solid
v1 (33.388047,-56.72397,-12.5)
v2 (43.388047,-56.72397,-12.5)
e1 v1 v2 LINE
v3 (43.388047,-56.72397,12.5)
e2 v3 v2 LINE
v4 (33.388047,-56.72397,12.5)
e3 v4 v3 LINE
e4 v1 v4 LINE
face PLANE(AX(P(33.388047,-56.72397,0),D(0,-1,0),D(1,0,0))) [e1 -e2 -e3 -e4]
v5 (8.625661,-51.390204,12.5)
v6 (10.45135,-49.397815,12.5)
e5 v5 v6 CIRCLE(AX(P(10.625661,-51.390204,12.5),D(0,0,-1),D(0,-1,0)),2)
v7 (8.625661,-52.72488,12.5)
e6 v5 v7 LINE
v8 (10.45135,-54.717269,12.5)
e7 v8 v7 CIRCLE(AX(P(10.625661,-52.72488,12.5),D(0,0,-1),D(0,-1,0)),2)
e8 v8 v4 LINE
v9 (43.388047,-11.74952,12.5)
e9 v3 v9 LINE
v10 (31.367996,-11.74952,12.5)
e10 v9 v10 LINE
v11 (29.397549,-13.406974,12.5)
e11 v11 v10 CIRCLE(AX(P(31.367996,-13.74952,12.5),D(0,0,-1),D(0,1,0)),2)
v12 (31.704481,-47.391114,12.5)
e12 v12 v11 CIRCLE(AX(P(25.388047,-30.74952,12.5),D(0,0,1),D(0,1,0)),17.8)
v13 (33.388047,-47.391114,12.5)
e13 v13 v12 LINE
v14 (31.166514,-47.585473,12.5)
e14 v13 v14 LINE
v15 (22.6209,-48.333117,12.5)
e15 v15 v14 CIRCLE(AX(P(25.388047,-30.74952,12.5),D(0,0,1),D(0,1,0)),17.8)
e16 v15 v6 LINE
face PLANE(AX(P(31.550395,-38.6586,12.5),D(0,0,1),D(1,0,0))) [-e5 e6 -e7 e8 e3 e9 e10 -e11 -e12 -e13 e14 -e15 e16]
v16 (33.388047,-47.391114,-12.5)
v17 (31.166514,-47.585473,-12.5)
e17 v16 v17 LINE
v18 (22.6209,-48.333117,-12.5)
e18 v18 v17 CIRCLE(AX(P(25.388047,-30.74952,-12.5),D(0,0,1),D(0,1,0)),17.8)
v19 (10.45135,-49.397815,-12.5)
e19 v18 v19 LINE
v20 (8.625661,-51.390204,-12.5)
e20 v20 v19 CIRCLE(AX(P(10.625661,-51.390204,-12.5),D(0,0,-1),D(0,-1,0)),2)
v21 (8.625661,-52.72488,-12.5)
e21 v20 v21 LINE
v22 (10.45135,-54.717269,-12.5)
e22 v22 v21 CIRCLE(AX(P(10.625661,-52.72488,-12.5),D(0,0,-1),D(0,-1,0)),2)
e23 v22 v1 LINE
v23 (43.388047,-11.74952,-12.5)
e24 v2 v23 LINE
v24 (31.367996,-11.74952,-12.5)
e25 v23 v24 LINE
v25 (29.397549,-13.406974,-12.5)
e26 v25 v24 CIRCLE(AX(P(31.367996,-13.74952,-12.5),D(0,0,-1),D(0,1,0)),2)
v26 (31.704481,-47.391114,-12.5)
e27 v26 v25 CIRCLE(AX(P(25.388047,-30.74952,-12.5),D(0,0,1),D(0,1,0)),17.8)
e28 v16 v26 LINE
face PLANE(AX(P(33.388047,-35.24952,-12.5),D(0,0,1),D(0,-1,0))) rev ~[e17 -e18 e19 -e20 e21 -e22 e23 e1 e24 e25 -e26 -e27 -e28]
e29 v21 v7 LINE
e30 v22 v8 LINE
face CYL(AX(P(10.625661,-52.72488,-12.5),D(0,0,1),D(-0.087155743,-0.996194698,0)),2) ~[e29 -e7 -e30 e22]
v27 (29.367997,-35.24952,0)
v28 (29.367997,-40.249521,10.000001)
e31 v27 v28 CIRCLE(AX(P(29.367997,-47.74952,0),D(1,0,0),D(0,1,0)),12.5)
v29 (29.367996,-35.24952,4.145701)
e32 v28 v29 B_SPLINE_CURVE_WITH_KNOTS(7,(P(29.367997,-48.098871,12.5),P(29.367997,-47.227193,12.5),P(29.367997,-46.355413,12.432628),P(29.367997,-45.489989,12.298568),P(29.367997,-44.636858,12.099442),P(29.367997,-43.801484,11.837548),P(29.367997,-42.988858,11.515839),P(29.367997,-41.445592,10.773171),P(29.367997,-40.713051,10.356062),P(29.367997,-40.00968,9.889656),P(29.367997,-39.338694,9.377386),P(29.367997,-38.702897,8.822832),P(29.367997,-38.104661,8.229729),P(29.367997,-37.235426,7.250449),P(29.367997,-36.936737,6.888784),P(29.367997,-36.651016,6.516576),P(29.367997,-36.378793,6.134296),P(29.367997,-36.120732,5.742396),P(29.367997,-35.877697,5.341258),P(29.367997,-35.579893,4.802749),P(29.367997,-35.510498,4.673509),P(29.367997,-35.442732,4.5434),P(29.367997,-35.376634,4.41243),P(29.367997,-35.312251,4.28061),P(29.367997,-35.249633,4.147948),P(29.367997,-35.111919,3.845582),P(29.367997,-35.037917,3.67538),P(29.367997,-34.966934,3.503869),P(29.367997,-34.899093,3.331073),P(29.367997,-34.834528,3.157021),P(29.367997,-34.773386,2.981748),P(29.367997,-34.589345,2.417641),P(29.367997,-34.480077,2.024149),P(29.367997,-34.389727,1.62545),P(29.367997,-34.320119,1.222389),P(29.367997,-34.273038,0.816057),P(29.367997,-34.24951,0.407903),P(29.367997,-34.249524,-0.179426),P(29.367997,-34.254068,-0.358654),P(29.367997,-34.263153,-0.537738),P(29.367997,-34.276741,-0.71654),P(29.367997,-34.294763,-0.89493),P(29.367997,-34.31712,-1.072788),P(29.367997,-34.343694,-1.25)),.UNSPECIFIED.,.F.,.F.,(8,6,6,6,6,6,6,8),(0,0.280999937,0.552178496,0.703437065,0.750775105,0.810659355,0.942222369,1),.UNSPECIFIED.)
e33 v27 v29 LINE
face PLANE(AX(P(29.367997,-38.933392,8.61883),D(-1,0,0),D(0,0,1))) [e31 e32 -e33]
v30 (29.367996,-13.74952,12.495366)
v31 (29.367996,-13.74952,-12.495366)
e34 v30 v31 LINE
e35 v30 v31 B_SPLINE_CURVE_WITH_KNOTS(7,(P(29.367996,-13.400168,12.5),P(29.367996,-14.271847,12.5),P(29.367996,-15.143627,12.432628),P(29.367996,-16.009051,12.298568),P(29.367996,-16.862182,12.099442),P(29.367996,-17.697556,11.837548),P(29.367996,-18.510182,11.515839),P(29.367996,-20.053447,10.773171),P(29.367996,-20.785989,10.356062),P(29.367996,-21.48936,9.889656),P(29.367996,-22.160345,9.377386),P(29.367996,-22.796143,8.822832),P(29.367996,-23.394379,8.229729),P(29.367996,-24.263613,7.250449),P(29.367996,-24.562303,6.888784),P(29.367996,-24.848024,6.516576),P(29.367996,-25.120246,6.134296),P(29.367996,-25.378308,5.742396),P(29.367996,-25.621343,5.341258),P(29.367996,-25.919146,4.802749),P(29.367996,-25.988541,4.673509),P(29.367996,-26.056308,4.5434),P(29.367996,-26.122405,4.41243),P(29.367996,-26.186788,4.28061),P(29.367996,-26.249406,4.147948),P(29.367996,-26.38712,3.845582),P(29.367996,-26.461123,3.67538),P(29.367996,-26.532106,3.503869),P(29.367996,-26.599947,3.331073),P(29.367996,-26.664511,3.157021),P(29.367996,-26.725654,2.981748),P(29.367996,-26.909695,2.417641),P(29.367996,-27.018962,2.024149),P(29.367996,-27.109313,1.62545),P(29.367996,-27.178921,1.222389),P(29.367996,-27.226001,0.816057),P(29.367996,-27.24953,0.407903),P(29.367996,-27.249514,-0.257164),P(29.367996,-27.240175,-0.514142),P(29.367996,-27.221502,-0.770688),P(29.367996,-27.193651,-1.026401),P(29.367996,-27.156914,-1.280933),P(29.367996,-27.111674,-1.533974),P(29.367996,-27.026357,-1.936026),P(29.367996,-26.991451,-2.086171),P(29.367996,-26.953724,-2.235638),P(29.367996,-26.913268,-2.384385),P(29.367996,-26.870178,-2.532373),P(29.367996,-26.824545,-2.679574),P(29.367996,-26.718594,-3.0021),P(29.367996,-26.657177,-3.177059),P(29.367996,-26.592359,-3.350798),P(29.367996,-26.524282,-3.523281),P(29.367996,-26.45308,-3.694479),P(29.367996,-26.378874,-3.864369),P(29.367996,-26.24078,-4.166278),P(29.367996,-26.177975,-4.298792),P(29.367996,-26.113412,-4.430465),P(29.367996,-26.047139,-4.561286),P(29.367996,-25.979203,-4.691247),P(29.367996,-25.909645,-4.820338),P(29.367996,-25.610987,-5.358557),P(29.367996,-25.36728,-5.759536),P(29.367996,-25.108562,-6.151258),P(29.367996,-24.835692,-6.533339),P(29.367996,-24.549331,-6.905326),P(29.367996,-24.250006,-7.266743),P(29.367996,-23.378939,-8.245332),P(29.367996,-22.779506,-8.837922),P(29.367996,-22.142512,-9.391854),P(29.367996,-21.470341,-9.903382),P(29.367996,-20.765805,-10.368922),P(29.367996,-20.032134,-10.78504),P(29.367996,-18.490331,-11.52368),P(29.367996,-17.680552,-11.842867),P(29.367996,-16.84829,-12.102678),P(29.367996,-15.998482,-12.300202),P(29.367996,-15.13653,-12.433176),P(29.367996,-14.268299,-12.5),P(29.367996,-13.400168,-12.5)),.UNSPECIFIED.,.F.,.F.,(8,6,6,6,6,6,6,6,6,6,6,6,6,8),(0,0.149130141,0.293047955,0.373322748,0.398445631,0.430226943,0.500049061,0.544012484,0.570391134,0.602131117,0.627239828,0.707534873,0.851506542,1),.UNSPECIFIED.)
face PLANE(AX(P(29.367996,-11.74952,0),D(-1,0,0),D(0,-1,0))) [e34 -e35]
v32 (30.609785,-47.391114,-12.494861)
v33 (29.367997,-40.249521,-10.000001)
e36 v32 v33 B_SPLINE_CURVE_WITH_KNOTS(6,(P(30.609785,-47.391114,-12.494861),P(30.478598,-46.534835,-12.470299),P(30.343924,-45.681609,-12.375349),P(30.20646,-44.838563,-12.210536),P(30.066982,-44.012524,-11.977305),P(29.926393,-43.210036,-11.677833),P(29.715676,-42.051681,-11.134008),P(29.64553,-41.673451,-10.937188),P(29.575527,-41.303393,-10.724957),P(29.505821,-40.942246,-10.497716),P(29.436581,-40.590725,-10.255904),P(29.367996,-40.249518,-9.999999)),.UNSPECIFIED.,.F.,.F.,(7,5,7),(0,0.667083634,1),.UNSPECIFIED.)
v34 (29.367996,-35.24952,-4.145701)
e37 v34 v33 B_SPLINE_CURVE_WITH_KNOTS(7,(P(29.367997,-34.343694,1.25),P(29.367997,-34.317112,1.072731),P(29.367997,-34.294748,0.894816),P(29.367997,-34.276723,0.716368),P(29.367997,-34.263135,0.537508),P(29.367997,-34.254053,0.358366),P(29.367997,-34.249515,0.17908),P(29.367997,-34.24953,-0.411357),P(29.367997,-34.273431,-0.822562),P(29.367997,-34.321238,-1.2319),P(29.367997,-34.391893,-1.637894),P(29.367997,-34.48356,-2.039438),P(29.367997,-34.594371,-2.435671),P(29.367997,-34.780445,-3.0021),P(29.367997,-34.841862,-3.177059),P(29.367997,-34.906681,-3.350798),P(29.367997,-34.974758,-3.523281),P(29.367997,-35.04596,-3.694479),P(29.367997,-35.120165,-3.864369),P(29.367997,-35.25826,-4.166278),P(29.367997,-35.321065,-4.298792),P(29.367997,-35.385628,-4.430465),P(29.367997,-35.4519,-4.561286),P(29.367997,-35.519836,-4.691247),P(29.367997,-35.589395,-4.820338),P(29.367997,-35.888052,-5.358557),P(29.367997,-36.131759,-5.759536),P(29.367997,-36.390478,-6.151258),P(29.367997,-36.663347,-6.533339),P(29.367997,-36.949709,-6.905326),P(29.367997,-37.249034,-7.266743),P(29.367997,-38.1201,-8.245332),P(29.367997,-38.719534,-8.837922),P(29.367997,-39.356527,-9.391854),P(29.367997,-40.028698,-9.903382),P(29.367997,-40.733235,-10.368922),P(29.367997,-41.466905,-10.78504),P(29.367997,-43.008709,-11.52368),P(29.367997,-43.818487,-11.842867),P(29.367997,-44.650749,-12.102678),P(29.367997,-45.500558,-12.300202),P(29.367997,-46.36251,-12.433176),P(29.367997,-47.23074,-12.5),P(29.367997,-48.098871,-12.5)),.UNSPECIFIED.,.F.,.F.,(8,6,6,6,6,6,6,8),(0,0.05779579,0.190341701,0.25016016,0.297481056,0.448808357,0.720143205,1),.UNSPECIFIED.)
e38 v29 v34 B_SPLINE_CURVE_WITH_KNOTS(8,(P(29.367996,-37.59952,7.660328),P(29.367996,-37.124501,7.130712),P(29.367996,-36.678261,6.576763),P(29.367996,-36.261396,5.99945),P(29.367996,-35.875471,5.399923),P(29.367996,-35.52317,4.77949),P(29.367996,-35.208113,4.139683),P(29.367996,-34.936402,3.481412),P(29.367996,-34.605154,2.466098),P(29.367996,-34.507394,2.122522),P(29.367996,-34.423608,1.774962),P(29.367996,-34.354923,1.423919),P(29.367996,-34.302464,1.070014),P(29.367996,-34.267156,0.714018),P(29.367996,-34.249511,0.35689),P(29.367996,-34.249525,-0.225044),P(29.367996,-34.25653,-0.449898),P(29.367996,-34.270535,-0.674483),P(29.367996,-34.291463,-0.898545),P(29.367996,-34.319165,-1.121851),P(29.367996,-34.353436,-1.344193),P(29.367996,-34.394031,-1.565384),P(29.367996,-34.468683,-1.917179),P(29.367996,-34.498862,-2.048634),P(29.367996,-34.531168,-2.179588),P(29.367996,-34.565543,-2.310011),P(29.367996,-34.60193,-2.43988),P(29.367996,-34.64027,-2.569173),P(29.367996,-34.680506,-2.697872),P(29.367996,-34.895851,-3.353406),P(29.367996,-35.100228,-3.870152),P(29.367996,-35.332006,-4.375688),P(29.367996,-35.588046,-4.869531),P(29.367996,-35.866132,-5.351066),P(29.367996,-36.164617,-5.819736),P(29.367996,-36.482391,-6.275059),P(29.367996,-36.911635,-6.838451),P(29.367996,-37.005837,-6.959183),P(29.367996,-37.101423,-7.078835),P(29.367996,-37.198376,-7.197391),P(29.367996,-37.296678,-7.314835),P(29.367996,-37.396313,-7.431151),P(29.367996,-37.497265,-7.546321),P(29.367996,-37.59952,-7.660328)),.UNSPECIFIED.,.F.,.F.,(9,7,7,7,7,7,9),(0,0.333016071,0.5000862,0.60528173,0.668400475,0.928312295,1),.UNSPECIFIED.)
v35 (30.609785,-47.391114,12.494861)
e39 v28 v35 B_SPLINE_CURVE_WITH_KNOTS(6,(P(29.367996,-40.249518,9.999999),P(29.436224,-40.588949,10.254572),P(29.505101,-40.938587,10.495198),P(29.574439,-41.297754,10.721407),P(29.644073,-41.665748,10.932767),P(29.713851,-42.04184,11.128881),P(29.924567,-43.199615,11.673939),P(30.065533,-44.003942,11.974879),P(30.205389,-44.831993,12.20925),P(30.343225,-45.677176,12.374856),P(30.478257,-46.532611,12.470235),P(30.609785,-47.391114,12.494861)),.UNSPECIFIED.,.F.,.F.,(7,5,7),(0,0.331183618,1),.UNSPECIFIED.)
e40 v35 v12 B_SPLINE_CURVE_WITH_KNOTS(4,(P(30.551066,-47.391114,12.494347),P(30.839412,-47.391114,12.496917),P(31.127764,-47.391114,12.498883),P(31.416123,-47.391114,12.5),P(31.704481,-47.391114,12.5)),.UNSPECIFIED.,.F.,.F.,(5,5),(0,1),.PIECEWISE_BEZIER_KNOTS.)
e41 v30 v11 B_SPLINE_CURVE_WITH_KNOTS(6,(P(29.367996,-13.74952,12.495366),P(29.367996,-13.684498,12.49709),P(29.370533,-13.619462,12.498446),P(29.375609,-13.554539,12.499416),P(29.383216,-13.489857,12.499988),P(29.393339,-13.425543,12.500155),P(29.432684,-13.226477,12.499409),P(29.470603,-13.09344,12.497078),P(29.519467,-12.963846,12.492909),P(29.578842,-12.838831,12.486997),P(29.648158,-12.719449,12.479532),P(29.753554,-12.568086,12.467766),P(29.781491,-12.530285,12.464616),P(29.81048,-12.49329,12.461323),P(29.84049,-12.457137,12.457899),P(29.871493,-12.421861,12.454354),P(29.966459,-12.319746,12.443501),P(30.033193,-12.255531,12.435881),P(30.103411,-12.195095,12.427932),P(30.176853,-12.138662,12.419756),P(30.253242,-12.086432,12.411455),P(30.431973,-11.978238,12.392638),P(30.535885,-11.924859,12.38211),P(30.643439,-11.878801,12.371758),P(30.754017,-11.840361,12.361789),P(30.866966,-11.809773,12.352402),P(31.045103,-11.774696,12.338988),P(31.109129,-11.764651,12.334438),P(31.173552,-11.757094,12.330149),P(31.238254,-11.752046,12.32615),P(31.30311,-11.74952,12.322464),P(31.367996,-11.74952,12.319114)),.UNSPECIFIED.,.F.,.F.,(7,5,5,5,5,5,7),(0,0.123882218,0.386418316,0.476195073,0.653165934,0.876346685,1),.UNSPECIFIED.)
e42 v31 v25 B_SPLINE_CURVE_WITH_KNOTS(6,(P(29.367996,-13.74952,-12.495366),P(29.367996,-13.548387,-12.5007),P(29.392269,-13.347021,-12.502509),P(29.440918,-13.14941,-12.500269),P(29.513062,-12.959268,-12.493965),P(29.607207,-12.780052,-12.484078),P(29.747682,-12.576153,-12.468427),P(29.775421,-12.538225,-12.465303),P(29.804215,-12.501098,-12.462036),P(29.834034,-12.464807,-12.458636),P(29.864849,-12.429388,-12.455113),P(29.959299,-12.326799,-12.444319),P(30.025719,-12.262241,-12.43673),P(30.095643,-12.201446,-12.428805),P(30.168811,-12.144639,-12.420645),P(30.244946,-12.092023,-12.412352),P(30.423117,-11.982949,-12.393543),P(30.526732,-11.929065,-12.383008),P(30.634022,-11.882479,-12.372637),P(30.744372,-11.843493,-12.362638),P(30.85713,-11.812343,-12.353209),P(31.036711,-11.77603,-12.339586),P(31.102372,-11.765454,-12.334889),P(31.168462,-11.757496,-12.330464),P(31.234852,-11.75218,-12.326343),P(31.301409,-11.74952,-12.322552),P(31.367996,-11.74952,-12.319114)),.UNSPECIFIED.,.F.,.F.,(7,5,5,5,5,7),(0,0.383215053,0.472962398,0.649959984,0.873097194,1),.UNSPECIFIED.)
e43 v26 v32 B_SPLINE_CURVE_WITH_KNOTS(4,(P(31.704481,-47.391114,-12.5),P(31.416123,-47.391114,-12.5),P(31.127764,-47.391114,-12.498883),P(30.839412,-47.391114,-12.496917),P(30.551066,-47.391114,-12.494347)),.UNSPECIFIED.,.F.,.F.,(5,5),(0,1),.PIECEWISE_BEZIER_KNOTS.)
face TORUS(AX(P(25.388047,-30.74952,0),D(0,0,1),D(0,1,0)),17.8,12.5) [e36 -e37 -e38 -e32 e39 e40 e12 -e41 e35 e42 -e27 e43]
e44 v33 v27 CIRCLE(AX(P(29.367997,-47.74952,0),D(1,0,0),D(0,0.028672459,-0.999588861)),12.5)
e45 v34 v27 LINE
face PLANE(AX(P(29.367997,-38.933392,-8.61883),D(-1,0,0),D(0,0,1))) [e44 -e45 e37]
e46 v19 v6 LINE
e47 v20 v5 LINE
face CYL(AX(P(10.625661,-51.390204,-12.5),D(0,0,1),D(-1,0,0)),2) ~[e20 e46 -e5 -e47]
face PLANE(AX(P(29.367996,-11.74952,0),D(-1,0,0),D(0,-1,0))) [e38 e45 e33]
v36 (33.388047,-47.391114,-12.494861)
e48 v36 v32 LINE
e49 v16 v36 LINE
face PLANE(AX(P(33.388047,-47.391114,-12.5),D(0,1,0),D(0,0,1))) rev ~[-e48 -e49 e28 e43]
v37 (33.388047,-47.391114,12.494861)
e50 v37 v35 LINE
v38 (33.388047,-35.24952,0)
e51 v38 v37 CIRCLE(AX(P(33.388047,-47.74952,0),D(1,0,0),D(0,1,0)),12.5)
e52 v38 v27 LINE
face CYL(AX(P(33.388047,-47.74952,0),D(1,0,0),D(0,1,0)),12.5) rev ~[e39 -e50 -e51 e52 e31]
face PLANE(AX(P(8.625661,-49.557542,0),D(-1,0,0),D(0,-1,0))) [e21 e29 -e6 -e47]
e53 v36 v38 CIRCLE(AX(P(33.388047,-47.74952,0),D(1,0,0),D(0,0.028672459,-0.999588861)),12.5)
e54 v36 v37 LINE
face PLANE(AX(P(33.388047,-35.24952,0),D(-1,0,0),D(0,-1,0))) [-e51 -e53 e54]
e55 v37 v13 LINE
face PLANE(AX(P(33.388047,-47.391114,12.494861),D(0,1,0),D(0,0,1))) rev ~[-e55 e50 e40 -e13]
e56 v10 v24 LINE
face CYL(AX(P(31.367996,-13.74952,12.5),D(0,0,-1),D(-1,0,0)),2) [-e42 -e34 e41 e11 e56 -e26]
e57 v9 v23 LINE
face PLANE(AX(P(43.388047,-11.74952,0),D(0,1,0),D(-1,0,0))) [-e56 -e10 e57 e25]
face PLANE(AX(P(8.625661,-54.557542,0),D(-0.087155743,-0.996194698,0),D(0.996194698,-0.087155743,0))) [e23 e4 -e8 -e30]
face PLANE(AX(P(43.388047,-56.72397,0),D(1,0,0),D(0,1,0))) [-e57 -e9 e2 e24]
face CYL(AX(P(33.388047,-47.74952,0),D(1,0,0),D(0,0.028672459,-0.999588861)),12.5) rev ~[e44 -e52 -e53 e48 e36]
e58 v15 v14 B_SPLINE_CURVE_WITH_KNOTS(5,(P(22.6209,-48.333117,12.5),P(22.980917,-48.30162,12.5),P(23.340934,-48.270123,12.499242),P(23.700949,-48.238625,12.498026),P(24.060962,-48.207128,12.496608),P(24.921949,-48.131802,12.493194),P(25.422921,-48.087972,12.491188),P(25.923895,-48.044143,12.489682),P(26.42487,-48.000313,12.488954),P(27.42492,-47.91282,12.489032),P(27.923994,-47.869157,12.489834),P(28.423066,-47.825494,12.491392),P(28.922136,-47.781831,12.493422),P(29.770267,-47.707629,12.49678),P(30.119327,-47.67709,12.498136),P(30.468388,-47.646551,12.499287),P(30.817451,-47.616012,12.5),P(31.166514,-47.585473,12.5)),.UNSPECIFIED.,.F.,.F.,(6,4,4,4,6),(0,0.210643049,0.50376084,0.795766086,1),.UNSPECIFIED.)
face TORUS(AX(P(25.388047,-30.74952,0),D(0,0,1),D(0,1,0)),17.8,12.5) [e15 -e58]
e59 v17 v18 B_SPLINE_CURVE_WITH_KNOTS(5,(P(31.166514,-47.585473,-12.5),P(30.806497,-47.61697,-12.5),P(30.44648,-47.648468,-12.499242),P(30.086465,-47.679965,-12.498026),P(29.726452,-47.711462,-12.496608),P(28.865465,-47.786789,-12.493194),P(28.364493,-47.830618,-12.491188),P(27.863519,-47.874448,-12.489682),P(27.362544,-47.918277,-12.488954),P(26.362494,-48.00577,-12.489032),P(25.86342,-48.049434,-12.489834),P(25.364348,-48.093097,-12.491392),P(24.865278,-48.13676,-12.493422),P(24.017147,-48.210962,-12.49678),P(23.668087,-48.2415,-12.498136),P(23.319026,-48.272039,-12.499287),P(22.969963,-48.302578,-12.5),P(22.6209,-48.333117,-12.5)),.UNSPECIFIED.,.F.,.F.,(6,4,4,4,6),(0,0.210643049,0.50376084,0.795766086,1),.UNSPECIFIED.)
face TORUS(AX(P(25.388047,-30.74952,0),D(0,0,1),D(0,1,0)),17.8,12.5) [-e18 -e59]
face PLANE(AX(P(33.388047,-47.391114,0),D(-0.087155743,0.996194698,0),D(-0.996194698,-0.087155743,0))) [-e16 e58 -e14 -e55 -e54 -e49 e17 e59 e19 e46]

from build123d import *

# Parameters (mm, degrees)
BOSS_EXTRUDE1_DEPTH = 12.5
BOSS_EXTRUDE2_DEPTH = 4.02005
FILLET2_R           = 2


with BuildPart() as part:
    # Sketch2 → Boss-Extrude1 (new, symmetric)
    with BuildSketch(Plane.XY):
        Polygon((29.367996497, -11.749519802), (29.367996497, -35.249519802), (33.388046748, -35.249519802), (33.388046748, -47.391114069), (8.625661213, -49.557542086), (8.625661213, -54.557542086), (33.388046748, -56.723970102), (43.388046748, -56.723970102), (43.388046748, -11.749519802), align=None)
    extrude(amount=BOSS_EXTRUDE1_DEPTH, both=True)

    # Sketch4 → Boss-Extrude2 (add)
    with BuildSketch(Plane.ZY.offset(-33.388046748)):
        with BuildLine():
            Line((-12.5, -35.249519802), (-12.5, -47.391114069))
            Line((-12.5, -47.391114069), (-12.494860757, -47.391114069))
            ThreePointArc((-12.494860757, -47.391114069), (-8.711197631, -38.784864994), (0, -35.249519802))
            Line((0, -35.249519802), (-12.5, -35.249519802))
        make_face()
        with BuildLine():
            Line((12.5, -35.249519802), (0, -35.249519802))
            ThreePointArc((0, -35.249519802), (8.711197631, -38.784864994), (12.494860757, -47.391114069))
            Line((12.494860757, -47.391114069), (12.5, -47.391114069))
            Line((12.5, -47.391114069), (12.5, -35.249519802))
        make_face()
    extrude(amount=BOSS_EXTRUDE2_DEPTH)

    # Sketch3 → Cut-Revolve1 (revolve, cut)
    with BuildSketch(Plane.ZY.offset(-25.388046748)):
        with BuildLine():
            Line((-12.5, -30.749519802), (12.5, -30.749519802))
            Line((12.5, -30.749519802), (12.5, -12.949519802))
            ThreePointArc((12.5, -12.949519802), (0, -25.449519802), (-12.5, -12.949519802))
            Line((-12.5, -12.949519802), (-12.5, -30.749519802))
        make_face()
    revolve(axis=Axis((25.388046748, -30.749519802, -12.5), (0, 0, 1)), mode=Mode.SUBTRACT)

    # Fillet2
    fillet2_edges = [part.edges().sort_by_distance(p)[0] for p in [
        (29.367996497, -11.749519802, 0),
        (8.625661213, -49.557542086, 0),
        (8.625661213, -54.557542086, 0),
    ]]
    fillet(fillet2_edges, radius=FILLET2_R)


solid = part.part
